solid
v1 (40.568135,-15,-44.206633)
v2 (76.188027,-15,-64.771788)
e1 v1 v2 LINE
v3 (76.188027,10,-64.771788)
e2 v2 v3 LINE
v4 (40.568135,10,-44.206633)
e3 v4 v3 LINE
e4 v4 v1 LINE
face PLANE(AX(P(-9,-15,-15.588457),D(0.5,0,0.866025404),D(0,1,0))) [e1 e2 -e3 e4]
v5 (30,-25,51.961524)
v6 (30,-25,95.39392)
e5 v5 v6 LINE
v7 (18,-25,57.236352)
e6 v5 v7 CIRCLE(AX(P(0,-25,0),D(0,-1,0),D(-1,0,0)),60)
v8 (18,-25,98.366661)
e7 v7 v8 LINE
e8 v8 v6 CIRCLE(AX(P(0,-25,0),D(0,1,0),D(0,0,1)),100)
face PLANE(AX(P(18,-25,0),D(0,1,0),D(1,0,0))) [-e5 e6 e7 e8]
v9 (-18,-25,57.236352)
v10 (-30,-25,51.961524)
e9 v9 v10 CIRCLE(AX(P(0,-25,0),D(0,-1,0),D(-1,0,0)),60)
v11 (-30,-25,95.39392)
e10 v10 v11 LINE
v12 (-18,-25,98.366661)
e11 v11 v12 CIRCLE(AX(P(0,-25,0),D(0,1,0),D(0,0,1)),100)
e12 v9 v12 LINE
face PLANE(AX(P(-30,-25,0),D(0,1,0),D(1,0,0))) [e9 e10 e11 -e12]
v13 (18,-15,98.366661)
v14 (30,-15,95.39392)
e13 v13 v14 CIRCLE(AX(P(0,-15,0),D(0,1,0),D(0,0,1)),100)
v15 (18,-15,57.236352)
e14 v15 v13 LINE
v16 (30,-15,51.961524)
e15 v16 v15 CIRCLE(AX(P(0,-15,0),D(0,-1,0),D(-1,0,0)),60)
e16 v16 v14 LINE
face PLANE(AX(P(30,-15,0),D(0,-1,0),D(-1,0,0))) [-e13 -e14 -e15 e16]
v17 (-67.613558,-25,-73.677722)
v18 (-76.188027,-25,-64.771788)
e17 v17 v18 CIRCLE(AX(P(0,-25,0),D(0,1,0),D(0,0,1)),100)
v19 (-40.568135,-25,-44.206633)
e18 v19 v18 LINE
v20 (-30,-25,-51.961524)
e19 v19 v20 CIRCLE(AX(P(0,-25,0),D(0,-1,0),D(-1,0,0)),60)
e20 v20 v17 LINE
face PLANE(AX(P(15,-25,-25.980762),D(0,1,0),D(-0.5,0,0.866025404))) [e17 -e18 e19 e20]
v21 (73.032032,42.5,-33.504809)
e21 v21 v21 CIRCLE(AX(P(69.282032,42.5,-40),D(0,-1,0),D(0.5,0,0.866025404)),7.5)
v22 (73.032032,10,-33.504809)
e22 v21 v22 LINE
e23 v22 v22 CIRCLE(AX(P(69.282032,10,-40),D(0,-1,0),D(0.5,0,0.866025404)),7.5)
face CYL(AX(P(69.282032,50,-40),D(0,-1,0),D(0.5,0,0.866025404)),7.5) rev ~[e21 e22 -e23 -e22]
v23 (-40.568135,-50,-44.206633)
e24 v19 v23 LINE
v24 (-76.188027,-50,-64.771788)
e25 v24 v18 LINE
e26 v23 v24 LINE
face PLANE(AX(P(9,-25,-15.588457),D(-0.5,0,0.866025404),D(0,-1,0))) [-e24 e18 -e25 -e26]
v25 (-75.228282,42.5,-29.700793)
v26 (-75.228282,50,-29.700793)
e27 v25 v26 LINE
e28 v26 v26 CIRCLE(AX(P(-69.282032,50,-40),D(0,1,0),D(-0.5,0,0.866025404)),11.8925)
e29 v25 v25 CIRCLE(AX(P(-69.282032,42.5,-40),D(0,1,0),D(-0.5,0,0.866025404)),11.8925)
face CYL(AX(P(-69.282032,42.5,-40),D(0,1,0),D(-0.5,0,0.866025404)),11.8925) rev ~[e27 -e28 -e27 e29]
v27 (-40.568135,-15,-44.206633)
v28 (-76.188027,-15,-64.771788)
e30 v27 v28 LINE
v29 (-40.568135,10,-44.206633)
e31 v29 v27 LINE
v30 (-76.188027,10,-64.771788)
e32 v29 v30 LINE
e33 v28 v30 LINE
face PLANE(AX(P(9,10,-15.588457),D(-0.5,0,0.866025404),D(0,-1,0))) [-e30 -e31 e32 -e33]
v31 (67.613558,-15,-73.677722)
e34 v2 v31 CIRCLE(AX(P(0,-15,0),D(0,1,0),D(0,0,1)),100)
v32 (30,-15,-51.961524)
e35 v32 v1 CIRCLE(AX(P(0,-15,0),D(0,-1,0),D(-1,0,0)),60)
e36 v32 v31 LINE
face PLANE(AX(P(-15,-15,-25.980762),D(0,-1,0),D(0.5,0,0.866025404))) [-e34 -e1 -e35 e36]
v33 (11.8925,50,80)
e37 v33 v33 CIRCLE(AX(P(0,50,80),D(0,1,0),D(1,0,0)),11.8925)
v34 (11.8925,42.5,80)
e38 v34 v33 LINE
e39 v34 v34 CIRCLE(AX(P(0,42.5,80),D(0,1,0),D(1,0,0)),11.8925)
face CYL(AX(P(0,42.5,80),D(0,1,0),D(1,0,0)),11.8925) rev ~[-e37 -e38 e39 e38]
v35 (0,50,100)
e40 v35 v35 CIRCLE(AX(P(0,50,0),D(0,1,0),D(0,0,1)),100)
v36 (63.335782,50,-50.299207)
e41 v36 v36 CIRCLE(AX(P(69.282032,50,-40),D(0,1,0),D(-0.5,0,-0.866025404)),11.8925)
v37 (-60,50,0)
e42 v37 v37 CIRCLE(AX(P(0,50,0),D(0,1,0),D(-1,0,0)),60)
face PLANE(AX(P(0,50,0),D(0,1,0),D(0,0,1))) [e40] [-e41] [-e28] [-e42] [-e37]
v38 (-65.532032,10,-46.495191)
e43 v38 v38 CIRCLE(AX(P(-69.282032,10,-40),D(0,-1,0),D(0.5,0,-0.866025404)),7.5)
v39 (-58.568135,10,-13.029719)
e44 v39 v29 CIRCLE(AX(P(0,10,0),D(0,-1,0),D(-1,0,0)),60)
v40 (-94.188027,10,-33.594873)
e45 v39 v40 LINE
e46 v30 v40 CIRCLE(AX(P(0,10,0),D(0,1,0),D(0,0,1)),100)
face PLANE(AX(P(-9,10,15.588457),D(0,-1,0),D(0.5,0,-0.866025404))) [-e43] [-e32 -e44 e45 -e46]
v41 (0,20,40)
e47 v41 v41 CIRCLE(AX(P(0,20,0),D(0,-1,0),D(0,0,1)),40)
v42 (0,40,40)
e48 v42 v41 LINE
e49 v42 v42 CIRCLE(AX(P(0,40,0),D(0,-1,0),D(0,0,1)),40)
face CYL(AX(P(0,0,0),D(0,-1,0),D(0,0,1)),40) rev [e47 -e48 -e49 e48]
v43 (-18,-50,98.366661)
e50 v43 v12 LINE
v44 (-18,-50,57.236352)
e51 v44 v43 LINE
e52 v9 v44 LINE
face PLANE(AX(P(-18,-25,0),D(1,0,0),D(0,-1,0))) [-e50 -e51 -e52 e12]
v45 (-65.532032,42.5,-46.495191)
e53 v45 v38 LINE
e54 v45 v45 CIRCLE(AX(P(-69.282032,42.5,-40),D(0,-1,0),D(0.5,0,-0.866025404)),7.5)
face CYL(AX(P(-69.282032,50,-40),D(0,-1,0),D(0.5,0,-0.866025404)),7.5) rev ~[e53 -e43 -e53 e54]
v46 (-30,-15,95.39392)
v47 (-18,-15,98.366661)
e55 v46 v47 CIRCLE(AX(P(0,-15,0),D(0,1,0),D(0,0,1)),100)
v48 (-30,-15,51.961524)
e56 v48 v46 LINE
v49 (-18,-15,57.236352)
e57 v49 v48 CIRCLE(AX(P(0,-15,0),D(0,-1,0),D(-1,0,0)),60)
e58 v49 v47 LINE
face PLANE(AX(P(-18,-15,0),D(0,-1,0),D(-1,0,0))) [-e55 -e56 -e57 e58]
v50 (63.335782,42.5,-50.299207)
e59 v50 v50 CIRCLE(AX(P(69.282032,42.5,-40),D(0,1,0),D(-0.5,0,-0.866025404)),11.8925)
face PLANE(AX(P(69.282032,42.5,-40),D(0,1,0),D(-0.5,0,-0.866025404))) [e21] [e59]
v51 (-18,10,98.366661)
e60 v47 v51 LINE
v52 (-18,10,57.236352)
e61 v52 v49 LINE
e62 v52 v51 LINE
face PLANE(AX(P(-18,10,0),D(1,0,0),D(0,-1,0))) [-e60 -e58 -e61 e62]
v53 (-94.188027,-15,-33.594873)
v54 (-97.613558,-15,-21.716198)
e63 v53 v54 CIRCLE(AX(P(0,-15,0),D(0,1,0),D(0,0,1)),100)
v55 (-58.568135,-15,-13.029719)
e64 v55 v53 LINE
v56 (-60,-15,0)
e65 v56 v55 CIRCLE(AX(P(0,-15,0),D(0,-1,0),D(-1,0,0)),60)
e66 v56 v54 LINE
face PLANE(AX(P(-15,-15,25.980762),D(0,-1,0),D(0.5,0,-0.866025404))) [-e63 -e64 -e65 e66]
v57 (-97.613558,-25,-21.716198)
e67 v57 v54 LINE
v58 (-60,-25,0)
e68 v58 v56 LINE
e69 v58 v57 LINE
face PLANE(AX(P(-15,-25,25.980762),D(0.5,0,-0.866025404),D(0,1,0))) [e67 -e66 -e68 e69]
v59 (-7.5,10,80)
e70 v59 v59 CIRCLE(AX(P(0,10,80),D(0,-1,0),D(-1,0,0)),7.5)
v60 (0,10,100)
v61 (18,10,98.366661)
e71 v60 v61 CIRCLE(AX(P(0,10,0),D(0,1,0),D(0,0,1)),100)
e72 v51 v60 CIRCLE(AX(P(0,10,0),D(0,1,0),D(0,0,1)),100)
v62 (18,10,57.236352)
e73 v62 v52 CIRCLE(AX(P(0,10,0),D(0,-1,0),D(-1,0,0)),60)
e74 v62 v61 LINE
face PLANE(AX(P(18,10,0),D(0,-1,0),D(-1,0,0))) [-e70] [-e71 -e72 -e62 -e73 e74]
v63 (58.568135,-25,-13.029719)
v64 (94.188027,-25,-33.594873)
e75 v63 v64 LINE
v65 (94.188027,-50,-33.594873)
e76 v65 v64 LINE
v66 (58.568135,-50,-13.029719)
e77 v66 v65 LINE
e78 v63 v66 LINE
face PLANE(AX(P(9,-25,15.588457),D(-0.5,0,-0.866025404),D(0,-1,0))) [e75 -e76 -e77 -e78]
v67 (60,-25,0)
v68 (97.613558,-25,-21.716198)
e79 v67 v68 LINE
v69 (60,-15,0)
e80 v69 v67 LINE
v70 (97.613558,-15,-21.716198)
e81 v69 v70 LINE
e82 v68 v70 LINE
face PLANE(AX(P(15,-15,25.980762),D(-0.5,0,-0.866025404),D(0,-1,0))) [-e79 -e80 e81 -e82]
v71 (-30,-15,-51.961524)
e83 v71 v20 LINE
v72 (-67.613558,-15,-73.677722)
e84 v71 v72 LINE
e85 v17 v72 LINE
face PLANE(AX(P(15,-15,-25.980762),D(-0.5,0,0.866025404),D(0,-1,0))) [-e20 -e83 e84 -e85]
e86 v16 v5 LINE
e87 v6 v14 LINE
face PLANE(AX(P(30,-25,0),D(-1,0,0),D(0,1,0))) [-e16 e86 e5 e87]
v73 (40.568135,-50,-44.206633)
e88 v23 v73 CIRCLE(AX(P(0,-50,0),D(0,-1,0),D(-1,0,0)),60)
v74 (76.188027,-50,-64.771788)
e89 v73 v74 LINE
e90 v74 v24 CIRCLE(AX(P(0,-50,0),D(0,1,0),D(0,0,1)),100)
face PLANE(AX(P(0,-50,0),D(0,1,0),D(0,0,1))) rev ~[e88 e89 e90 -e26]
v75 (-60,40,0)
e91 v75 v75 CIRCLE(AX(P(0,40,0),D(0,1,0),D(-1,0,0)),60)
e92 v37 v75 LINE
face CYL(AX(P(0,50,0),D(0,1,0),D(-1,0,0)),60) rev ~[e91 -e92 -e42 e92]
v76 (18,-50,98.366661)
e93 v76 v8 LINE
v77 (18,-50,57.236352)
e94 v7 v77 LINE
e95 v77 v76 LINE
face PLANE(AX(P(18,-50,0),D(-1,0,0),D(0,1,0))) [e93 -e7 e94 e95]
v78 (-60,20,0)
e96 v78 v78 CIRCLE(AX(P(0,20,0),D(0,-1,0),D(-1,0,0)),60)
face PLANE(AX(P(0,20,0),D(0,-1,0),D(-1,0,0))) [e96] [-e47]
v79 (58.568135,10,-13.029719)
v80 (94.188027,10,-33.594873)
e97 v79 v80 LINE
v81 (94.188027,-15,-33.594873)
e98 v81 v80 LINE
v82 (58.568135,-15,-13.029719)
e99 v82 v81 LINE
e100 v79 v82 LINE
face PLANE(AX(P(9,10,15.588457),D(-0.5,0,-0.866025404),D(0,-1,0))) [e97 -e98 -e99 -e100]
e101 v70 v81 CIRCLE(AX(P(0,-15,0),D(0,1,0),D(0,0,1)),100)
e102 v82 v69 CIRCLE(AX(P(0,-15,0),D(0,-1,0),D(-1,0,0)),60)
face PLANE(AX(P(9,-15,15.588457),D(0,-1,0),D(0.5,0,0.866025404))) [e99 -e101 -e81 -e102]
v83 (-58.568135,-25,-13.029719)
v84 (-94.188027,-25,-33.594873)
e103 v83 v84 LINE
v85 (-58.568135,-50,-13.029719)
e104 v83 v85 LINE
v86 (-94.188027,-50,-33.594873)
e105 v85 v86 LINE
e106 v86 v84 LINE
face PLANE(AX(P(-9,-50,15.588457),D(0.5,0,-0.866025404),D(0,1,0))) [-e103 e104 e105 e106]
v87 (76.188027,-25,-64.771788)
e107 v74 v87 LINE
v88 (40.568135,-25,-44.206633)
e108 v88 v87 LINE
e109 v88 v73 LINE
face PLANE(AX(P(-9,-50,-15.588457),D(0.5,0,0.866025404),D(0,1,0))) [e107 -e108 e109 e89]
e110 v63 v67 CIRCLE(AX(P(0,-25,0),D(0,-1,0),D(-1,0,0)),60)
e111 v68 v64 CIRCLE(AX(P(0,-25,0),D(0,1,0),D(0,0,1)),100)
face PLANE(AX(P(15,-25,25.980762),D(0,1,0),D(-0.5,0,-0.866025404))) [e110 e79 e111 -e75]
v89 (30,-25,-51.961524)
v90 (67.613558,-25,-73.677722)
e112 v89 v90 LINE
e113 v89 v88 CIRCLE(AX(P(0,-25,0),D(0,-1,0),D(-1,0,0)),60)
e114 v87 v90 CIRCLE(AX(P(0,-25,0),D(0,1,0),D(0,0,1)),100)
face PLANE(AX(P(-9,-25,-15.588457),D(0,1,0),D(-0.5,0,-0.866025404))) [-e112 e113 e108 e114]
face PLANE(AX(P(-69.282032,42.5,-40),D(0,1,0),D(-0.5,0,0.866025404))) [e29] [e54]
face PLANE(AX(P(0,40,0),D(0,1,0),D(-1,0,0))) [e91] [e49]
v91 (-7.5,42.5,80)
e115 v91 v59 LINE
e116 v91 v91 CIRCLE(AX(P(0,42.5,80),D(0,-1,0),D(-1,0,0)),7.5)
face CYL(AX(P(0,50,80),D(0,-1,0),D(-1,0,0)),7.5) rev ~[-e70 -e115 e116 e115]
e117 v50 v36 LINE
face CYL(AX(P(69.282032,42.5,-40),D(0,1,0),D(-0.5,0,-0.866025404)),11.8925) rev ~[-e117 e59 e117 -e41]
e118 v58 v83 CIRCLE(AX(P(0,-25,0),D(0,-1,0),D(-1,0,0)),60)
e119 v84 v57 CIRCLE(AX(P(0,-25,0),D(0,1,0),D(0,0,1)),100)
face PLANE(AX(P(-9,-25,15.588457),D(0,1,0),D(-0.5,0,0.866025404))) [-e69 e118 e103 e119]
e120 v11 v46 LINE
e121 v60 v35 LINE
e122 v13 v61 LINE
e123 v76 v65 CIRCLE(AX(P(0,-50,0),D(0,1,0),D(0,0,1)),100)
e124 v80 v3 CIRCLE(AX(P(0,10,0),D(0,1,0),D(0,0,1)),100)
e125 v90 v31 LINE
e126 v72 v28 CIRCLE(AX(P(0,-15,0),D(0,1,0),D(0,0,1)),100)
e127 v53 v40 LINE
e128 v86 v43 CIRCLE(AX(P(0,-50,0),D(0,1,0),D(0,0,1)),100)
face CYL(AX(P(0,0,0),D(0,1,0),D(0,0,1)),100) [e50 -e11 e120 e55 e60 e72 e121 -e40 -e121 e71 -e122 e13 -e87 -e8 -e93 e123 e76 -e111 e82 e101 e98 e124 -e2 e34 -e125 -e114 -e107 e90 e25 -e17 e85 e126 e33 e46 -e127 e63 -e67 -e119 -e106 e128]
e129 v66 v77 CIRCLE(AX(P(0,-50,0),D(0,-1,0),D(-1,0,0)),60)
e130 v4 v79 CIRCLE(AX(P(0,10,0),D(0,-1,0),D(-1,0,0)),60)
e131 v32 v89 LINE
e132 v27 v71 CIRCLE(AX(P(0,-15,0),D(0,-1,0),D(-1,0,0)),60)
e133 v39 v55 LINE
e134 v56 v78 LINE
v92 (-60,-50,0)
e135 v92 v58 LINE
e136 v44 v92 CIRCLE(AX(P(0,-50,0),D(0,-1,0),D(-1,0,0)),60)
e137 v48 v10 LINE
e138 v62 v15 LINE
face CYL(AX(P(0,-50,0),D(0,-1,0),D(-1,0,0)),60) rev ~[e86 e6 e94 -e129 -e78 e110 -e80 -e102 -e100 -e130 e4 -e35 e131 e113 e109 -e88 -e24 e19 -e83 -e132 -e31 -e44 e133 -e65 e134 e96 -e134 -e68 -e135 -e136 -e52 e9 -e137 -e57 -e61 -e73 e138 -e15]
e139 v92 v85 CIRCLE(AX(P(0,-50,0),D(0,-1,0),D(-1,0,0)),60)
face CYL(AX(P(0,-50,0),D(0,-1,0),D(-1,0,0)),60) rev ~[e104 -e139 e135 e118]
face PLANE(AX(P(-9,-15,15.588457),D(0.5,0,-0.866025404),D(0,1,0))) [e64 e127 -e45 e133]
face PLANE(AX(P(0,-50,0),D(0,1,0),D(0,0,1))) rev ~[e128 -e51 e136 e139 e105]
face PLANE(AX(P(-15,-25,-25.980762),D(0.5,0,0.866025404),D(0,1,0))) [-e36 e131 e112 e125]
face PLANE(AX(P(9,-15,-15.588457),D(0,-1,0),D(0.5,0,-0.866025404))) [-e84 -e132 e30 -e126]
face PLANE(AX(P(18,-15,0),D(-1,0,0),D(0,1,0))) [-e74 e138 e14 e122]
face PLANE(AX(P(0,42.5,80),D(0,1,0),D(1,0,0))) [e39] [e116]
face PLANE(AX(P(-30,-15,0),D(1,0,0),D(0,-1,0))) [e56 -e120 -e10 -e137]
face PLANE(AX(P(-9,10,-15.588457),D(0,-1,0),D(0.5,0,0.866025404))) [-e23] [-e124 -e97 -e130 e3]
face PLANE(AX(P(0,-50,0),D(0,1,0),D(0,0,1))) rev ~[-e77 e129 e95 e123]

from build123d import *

# Parameters (mm, degrees)
SKETCH6_R                                = 100
SKETCH6_R_2                              = 40
BOSS_EXTRUDE2_DEPTH                      = 50
SKETCH7_R                                = 60
CUT_EXTRUDE4_DEPTH                       = 10
SKETCH8_R                                = 60
CUT_EXTRUDE5_DEPTH                       = 70
CUT_EXTRUDE6_DEPTH                       = 101
CBORE_FOR_M12_HEX_HEAD_BOLT1_D           = 15
CBORE_FOR_M12_HEX_HEAD_BOLT1_CBORE_D     = 23.785
CBORE_FOR_M12_HEX_HEAD_BOLT1_CBORE_DEPTH = 7.5
CIRPATTERN2_COUNT                        = 3


with BuildPart() as part:
    # Sketch6 → Boss-Extrude2 (new body, symmetric)
    with BuildSketch(Plane(origin=(0, 0, 0), x_dir=(0, 0, -1), z_dir=(0, 1, 0))):
        with Locations(Location((0, 0, 0), (0, 0, 180))):  # turned: the seam where the file's is
            Circle(SKETCH6_R)
        with Locations(Location((0, 0, 0), (0, 0, 180))):  # turned: the seam where the file's is
            Circle(SKETCH6_R_2, mode=Mode.SUBTRACT)
    extrude(amount=BOSS_EXTRUDE2_DEPTH, both=True)

    # Sketch7 → Cut-Extrude4 (cut)
    with BuildSketch(Plane(origin=(0, 50, 0), x_dir=(0, 0, -1), z_dir=(0, 1, 0))):
        with Locations(Location((0, 0, 0), (0, 0, 90))):  # turned: the seam where the file's is
            Circle(SKETCH7_R)
    extrude(amount=-CUT_EXTRUDE4_DEPTH, mode=Mode.SUBTRACT)

    # Sketch8 → Cut-Extrude5 (cut)
    with BuildSketch(Plane(origin=(0, -50, 0), x_dir=(0, 0, 1), z_dir=(0, -1, 0))):
        with Locations(Location((0, 0, 0), (0, 0, 90))):  # turned: the seam where the file's is
            Circle(SKETCH8_R)
    extrude(amount=-CUT_EXTRUDE5_DEPTH, mode=Mode.SUBTRACT)

    # Sketch9 → Cut-Extrude6 (cut, through all)
    with BuildSketch(Plane(origin=(0, 0, 0), x_dir=(0, -1, 0), z_dir=(0, 0, 1))):
        Polygon((50, -18), (50, 18), (25, 18), (25, 30), (15, 30), (15, 18), (-10, 18), (-10, -18), (15, -18), (15, -30), (25, -30), (25, -18), align=None)
    cut_extrude6 = extrude(amount=CUT_EXTRUDE6_DEPTH, mode=Mode.SUBTRACT)

    # CBORE for M12 Hex Head Bolt1 (through all)
    with Locations(Plane(origin=(0, 50, 0), x_dir=(1, 0, 0), z_dir=(0, 1, 0))):
        with Locations((0, -80)):
            cbore_for_m12_hex_head_bolt1 = CounterBoreHole(CBORE_FOR_M12_HEX_HEAD_BOLT1_D / 2, CBORE_FOR_M12_HEX_HEAD_BOLT1_CBORE_D / 2, CBORE_FOR_M12_HEX_HEAD_BOLT1_CBORE_DEPTH)

    # CirPattern2: Cut-Extrude6, CBORE for M12 Hex Head Bolt1 ×3 about axis
    cirpattern2_axis = Axis((0, 0, 0), (0, 1, 0))
    add([cut_extrude6.rotate(cirpattern2_axis, i * 360 / CIRPATTERN2_COUNT) for i in range(1, CIRPATTERN2_COUNT)], mode=Mode.SUBTRACT)
    add([cbore_for_m12_hex_head_bolt1.rotate(cirpattern2_axis, i * 360 / CIRPATTERN2_COUNT) for i in range(1, CIRPATTERN2_COUNT)], mode=Mode.SUBTRACT)


solid = part.part
